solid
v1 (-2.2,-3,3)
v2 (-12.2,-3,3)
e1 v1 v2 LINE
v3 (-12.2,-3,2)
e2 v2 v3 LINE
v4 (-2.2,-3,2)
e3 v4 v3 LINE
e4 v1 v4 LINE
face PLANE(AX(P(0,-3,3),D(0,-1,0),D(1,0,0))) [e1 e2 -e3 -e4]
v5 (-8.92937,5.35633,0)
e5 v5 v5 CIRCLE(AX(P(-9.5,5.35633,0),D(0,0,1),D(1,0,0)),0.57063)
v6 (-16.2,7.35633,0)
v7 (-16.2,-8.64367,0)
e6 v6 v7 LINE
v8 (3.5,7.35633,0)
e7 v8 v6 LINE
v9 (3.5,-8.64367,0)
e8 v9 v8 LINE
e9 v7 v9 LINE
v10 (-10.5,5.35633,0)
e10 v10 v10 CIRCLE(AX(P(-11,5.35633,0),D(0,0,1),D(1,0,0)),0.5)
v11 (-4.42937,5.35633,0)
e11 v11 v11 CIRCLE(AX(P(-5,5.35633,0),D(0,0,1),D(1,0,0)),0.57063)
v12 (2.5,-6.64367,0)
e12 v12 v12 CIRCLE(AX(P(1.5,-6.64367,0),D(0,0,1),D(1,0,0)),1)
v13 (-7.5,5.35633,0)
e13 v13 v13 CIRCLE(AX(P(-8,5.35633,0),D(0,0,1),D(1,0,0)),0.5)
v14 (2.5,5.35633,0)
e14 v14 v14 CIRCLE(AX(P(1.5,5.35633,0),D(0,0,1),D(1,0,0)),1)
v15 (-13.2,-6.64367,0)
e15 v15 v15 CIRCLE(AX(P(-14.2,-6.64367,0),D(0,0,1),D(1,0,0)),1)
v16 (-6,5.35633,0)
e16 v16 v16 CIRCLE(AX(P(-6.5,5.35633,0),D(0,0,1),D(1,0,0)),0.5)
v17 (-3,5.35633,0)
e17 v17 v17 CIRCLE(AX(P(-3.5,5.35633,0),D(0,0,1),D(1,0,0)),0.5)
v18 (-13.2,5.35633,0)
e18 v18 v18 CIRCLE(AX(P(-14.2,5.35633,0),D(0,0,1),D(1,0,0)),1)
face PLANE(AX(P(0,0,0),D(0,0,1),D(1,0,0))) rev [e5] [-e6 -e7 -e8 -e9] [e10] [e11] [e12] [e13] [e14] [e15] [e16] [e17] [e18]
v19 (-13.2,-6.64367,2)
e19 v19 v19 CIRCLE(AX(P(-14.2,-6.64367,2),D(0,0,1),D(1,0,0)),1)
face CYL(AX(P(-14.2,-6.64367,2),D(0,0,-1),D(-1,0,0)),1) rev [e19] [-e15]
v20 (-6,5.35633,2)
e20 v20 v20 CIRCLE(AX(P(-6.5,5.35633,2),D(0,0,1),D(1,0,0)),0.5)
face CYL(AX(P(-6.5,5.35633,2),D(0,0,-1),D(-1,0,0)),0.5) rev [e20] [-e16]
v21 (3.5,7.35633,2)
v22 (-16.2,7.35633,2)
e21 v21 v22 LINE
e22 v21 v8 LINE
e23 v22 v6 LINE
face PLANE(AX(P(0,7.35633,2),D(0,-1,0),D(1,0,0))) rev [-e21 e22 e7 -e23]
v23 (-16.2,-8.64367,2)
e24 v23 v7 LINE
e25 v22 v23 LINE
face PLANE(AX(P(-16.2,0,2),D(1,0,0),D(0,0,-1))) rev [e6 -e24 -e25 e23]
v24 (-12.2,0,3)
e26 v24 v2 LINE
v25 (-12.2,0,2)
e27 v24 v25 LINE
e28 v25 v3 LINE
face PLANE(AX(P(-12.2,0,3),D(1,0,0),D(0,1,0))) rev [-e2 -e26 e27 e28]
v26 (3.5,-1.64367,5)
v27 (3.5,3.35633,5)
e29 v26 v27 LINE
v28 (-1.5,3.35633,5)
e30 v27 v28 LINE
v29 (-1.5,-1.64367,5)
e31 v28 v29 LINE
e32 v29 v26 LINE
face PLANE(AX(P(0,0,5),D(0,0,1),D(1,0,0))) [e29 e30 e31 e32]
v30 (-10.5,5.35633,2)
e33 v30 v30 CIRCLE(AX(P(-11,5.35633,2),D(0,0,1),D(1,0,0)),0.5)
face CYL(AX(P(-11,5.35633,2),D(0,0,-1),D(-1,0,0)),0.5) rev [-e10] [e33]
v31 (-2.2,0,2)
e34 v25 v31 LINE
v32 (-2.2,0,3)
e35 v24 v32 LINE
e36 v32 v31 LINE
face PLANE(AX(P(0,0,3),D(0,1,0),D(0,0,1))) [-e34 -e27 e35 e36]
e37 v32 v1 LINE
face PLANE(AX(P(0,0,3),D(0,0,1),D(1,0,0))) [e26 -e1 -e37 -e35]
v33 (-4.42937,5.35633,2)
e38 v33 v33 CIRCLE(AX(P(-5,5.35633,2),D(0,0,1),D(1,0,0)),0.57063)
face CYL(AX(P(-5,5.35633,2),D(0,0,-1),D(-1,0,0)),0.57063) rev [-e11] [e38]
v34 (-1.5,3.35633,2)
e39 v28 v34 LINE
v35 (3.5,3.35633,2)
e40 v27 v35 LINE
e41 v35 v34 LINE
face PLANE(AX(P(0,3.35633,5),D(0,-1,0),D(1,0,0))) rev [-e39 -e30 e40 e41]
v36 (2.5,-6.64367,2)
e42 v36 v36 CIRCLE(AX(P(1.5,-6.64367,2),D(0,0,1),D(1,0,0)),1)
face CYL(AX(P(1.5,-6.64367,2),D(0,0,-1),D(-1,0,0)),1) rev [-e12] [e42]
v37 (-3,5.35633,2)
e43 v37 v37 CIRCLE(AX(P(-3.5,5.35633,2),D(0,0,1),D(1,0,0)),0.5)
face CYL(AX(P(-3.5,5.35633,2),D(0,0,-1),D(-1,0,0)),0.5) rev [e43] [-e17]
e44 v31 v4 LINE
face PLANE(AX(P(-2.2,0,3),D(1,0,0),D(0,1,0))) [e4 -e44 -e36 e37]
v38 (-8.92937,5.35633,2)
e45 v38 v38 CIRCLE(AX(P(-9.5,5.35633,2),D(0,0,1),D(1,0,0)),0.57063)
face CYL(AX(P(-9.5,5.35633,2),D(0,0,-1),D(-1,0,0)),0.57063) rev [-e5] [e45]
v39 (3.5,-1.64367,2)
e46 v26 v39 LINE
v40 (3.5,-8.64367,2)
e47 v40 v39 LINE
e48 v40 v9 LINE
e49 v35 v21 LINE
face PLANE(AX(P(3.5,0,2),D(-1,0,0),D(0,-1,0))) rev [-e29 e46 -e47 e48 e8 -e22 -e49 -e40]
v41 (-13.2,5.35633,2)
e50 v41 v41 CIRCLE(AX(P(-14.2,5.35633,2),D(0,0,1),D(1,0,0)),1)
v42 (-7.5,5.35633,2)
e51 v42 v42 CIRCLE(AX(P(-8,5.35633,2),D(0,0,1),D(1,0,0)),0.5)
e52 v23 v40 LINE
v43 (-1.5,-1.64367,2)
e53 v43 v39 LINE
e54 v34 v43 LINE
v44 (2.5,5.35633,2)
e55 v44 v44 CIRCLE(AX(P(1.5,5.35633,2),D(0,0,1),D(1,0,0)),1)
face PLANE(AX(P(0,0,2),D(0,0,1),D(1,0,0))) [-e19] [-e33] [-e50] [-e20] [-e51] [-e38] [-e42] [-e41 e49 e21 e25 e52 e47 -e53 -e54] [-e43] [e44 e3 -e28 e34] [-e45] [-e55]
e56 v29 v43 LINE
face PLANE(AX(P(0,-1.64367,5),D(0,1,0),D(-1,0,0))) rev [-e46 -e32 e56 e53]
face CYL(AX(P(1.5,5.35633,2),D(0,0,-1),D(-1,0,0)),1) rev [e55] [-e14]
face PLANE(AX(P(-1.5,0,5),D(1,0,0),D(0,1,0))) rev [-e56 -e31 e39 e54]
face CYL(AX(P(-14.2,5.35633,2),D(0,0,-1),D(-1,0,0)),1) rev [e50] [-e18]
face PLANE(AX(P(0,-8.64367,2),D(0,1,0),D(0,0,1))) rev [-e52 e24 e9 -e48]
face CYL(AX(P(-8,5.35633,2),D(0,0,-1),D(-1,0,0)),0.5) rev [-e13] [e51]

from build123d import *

# Parameters (mm, degrees)
SKETCH1_R           = 1
SKETCH1_W           = 10
SKETCH1_H           = 3
SKETCH1_R_2         = 0.5
SKETCH1_R_3         = 0.5706303
BOSS_EXTRUDE1_DEPTH = 2
SKETCH1_3_W         = 5
SKETCH1_3_H         = 5
BOSS_EXTRUDE2_DEPTH = 5
SKETCH1_4_W         = 10
SKETCH1_4_H         = 3
BOSS_EXTRUDE3_DEPTH = 3


with BuildPart() as part:
    # Sketch1 → Boss-Extrude1 (new body)
    with BuildSketch(Plane.XY):
        Polygon((3.5, 7.35633001), (-16.2, 7.35633001), (-16.2, -8.64366999), (-11.2, -8.64366999), (-1.5, -8.64366999), (3.5, -8.64366999), (3.5, -1.64366999), (-1.5, -1.64366999), (-1.5, 3.35633001), (3.5, 3.35633001), align=None)
        with Locations((-14.2, -6.64366999)):
            Circle(SKETCH1_R, mode=Mode.SUBTRACT)
        with Locations((-7.2, -1.5)):
            Rectangle(SKETCH1_W, SKETCH1_H, mode=Mode.SUBTRACT)
        with Locations((1.5, -6.64366999)):
            Circle(SKETCH1_R, mode=Mode.SUBTRACT)
        with Locations((-14.2, 5.35633001)):
            Circle(SKETCH1_R, mode=Mode.SUBTRACT)
        with Locations((-11, 5.35633001)):
            Circle(SKETCH1_R_2, mode=Mode.SUBTRACT)
        with Locations((-9.5, 5.35633001)):
            Circle(SKETCH1_R_3, mode=Mode.SUBTRACT)
        with Locations((-8, 5.35633001)):
            Circle(SKETCH1_R_2, mode=Mode.SUBTRACT)
        with Locations((-6.5, 5.35633001)):
            Circle(SKETCH1_R_2, mode=Mode.SUBTRACT)
        with Locations((-5, 5.35633001)):
            Circle(SKETCH1_R_3, mode=Mode.SUBTRACT)
        with Locations((-3.5, 5.35633001)):
            Circle(SKETCH1_R_2, mode=Mode.SUBTRACT)
        with Locations((1.5, 5.35633001)):
            Circle(SKETCH1_R, mode=Mode.SUBTRACT)
    extrude(amount=BOSS_EXTRUDE1_DEPTH)

    # Sketch1<3> → Boss-Extrude2 (add)
    with BuildSketch(Plane.XY):
        with Locations((1, 0.85633001)):
            Rectangle(SKETCH1_3_W, SKETCH1_3_H)
    extrude(amount=BOSS_EXTRUDE2_DEPTH)

    # Sketch1<4> → Boss-Extrude3 (add)
    with BuildSketch(Plane.XY):
        with Locations((-7.2, -1.5)):
            Rectangle(SKETCH1_4_W, SKETCH1_4_H)
    extrude(amount=BOSS_EXTRUDE3_DEPTH)


solid = part.part
